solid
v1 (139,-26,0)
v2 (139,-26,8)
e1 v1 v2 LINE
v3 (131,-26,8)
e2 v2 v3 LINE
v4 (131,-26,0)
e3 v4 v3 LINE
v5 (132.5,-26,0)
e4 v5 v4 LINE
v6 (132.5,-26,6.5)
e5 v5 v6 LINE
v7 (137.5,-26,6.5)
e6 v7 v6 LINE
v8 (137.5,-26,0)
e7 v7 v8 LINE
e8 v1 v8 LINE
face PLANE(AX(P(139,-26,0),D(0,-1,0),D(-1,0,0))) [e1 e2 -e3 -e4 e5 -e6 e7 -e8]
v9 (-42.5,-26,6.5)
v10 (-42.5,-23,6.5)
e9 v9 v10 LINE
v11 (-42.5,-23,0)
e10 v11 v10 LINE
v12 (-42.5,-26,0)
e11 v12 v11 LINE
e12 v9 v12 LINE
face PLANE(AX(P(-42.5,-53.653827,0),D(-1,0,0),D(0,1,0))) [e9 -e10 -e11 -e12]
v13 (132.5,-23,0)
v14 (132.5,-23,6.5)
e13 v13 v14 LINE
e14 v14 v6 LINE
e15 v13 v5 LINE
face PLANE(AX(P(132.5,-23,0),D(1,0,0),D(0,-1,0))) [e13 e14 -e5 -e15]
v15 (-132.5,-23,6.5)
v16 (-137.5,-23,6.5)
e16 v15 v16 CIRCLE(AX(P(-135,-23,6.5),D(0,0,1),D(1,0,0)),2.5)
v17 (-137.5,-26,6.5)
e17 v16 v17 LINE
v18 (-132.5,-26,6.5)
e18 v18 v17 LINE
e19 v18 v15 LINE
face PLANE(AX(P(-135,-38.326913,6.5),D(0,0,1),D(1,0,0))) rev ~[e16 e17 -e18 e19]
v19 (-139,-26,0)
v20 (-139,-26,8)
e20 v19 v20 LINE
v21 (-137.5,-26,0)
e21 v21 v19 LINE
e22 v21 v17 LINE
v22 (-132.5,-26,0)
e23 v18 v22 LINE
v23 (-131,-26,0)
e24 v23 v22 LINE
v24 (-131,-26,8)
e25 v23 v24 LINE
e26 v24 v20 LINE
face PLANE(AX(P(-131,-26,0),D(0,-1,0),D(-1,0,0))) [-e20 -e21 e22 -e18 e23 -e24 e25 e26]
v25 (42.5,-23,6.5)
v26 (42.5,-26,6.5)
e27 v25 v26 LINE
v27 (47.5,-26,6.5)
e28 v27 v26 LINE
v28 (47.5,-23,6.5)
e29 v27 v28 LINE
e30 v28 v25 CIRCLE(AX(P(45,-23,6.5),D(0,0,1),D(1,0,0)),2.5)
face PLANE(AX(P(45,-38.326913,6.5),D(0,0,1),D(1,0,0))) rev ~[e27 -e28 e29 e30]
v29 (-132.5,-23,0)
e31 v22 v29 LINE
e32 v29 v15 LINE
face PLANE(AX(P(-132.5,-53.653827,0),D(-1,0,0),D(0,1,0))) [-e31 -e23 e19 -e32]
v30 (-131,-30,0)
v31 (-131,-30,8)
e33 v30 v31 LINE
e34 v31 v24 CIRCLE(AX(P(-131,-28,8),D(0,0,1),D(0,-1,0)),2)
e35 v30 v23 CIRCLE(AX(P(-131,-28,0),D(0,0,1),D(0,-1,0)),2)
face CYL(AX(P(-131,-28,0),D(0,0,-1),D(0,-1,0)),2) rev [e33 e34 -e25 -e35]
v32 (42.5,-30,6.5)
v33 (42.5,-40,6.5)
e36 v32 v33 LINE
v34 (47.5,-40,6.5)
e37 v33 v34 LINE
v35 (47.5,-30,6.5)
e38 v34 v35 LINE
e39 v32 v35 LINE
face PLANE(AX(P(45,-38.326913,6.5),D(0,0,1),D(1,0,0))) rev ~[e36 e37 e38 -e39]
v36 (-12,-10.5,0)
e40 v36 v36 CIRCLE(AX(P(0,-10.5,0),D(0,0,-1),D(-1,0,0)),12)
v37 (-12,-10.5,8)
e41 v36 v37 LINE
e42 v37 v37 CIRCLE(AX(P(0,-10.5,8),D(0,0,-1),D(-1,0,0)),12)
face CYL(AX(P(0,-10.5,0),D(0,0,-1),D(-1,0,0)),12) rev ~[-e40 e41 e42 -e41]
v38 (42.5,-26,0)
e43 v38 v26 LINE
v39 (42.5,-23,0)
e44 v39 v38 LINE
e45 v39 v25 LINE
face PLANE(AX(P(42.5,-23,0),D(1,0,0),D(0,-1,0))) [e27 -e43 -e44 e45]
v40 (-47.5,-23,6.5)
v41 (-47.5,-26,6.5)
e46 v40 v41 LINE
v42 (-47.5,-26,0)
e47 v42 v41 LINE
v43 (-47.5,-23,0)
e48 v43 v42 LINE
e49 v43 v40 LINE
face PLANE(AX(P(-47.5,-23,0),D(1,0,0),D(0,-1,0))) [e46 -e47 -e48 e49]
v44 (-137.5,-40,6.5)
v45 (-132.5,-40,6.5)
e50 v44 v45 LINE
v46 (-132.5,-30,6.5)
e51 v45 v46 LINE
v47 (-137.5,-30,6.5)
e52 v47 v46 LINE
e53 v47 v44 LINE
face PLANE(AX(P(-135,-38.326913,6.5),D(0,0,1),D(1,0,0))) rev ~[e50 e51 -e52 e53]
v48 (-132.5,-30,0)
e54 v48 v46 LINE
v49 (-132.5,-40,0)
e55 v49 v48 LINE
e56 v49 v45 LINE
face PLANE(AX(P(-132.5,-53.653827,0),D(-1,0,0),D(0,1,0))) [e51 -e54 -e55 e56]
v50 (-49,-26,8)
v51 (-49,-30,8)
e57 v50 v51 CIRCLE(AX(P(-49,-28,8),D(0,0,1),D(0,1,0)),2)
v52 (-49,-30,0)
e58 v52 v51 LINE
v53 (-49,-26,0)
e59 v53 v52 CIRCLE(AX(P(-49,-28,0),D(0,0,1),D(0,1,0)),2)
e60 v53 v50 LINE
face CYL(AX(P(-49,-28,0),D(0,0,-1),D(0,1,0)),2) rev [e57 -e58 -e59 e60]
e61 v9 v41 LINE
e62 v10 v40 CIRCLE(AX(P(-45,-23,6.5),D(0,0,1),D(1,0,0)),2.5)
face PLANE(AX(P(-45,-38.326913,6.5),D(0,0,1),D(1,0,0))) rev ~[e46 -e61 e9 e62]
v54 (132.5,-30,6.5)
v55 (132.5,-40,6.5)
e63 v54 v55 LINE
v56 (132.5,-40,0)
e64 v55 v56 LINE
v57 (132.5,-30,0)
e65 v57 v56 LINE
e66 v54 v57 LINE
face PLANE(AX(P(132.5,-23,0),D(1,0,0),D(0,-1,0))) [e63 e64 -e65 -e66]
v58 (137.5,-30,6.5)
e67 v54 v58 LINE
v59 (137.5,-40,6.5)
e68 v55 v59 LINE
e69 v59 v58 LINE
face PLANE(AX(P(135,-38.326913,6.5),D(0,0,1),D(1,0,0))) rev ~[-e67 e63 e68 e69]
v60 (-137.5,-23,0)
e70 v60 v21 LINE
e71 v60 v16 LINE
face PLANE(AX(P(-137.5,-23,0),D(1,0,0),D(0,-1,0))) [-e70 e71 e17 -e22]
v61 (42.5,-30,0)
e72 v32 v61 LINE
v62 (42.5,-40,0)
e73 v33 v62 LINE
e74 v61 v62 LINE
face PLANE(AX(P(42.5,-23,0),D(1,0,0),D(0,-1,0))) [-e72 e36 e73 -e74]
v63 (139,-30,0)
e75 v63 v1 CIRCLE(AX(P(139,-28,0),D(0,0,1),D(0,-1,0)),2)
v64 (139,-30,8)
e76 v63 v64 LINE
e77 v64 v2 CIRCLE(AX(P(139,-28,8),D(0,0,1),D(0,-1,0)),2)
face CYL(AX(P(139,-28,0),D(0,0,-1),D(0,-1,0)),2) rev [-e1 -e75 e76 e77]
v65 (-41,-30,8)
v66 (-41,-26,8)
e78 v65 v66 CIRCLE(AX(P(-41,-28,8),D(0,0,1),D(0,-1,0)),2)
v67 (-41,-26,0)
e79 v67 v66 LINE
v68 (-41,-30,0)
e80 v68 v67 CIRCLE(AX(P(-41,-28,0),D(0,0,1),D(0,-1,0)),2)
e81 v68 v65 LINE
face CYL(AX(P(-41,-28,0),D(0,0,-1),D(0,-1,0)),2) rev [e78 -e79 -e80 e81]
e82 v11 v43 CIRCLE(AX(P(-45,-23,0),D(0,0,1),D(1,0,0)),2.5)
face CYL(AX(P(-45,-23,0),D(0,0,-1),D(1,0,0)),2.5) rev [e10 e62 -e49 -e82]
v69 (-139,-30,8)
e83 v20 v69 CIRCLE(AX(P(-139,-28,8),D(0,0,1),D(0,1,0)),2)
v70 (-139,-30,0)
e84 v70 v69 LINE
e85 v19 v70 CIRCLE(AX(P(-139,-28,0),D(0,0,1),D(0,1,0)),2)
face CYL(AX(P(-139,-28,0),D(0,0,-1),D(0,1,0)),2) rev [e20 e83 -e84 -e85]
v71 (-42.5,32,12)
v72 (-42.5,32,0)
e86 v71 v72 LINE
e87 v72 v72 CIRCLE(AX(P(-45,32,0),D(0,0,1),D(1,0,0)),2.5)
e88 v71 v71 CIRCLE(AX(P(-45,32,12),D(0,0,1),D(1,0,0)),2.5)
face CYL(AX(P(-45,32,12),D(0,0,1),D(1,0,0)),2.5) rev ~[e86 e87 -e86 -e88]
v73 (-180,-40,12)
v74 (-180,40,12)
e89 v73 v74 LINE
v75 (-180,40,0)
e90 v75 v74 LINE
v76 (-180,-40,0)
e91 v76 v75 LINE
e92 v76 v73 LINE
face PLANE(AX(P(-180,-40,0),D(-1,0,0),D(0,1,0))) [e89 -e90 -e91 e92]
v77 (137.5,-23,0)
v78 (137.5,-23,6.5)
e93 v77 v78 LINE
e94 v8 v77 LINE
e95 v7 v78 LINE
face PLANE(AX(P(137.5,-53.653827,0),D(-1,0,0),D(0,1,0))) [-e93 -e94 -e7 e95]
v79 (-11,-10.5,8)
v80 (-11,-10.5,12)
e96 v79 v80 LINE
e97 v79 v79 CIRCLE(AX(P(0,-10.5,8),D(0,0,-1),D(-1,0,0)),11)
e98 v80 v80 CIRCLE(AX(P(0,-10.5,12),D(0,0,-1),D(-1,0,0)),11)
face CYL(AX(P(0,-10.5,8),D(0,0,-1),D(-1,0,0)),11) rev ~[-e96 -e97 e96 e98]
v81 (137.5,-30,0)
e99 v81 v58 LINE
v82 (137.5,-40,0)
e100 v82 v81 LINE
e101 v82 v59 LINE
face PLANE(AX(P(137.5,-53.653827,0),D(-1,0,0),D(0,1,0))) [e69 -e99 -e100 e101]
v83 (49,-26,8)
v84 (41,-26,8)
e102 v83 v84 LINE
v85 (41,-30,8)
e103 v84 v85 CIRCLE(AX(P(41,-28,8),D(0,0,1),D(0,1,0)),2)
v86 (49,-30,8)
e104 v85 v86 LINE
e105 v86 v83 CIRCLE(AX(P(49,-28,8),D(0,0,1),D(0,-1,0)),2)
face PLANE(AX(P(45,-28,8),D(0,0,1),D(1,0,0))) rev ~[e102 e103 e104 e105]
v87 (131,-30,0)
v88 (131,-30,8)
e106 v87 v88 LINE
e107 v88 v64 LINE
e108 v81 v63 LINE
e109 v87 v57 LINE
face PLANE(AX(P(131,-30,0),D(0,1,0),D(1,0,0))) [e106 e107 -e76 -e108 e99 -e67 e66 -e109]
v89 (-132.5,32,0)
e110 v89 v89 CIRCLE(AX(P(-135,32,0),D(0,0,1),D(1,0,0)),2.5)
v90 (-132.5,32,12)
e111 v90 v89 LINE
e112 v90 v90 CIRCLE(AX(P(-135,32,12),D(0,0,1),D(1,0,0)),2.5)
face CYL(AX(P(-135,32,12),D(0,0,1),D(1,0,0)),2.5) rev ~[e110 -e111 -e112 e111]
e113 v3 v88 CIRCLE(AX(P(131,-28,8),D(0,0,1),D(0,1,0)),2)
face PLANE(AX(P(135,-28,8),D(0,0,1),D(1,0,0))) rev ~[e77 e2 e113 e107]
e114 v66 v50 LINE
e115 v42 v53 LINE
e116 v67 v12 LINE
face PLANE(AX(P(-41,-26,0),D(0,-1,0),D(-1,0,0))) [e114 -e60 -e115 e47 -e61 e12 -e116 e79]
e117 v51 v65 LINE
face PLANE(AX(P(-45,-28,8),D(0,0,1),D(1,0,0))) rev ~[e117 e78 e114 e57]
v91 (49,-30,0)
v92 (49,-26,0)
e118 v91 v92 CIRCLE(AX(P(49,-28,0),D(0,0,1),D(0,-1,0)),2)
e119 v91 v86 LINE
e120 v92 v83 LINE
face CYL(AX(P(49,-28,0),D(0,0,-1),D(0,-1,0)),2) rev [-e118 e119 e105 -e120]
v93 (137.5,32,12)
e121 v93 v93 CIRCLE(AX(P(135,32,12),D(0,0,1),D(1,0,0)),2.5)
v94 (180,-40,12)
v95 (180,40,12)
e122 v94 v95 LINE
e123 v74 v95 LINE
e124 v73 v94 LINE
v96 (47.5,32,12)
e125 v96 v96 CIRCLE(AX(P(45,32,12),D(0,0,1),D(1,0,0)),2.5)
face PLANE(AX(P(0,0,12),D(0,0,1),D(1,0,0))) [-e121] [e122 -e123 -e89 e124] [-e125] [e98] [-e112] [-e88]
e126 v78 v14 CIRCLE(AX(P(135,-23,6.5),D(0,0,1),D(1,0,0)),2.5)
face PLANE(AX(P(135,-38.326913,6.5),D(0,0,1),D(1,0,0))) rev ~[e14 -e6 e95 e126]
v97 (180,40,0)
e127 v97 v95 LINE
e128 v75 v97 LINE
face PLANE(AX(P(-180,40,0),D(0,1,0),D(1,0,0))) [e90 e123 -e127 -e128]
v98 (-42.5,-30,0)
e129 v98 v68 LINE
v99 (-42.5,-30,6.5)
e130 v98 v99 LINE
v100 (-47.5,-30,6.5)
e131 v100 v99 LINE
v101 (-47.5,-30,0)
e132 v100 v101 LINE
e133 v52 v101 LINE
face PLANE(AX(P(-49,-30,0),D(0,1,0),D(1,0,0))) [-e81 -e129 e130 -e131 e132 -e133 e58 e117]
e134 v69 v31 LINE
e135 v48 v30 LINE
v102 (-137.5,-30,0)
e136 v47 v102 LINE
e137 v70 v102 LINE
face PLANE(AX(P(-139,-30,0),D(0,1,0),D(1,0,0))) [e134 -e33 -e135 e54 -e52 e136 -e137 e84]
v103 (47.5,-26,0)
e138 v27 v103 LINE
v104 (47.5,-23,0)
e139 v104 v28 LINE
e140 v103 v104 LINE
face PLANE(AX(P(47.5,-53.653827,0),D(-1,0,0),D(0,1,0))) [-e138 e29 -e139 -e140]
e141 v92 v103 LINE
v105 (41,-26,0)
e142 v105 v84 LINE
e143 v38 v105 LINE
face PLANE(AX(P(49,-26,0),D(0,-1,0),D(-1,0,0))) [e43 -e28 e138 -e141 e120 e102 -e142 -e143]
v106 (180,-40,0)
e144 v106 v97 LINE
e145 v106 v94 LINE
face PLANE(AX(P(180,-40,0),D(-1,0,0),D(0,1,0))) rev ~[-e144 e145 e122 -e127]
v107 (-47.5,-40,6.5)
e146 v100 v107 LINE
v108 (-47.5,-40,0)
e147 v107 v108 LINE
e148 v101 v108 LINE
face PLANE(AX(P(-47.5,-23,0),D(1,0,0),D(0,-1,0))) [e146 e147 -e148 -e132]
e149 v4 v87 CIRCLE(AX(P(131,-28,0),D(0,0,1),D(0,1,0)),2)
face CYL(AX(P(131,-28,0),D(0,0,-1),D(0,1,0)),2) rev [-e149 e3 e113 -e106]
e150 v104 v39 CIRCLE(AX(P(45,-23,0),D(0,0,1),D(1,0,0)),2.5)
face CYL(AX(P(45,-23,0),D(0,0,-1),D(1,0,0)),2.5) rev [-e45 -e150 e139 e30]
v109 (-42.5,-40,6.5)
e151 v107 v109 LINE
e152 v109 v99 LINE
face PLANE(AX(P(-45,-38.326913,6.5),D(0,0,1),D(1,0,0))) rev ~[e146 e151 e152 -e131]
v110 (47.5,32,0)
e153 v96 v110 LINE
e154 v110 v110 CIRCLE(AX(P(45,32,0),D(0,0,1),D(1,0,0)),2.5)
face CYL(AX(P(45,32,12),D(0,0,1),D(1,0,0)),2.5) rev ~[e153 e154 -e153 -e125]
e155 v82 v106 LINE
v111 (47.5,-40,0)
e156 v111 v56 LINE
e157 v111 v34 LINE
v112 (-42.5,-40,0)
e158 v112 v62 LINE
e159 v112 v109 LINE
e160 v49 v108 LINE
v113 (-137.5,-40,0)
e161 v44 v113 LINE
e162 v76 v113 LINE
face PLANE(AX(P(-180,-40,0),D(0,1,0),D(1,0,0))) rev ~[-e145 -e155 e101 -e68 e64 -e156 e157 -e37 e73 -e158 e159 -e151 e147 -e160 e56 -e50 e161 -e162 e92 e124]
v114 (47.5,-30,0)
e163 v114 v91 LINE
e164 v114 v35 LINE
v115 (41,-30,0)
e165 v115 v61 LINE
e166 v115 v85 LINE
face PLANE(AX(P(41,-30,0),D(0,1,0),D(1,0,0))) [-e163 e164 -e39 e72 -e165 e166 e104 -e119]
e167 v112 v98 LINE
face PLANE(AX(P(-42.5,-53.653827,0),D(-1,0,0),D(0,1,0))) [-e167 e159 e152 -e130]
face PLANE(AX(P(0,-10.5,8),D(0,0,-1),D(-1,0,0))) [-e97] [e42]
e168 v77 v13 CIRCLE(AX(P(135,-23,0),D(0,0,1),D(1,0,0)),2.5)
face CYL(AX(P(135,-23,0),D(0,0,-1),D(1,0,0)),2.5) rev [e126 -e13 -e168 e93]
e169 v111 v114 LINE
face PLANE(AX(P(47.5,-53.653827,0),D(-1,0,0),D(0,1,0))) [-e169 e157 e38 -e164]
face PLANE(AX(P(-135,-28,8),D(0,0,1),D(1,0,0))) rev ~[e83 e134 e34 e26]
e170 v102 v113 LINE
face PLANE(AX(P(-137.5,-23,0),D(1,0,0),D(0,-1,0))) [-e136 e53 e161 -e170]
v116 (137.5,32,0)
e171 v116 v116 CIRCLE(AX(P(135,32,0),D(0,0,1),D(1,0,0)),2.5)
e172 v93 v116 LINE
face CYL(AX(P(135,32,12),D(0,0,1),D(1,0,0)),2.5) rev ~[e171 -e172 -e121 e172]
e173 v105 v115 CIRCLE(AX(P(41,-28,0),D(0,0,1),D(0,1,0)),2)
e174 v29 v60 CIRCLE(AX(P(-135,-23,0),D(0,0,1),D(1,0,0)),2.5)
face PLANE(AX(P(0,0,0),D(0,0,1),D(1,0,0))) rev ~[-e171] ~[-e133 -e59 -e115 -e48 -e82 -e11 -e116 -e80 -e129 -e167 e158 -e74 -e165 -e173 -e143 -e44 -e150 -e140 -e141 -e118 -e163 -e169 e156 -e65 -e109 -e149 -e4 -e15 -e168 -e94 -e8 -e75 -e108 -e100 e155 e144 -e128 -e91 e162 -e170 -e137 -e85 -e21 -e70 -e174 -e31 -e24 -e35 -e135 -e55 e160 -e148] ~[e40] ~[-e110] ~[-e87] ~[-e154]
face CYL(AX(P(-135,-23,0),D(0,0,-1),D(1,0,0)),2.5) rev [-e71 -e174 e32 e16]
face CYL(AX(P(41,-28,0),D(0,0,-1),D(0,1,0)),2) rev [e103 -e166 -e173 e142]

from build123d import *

# Parameters (mm, degrees)
SKETCH1_W           = 360
SKETCH1_H           = 80
BOSS_EXTRUDE1_DEPTH = 12
CUT_EXTRUDE1_REACH  = 186.781
SKETCH2_R           = 2.5
CUT_EXTRUDE2_DEPTH  = 8
CUT_EXTRUDE3_DEPTH  = 6.5
LPATTERN1_COUNT     = 4
LPATTERN1_PITCH     = 90
SKETCH7_R           = 12
CUT_EXTRUDE4_DEPTH  = 8
CUT_EXTRUDE5_REACH  = 186.564
SKETCH8_R           = 11


with BuildPart() as part:
    # Sketch1 → Boss-Extrude1 (new body)
    with BuildSketch(Plane.XY):
        Rectangle(SKETCH1_W, SKETCH1_H)
    extrude(amount=BOSS_EXTRUDE1_DEPTH)

    # Sketch2 → Cut-Extrude1 (cut, up to next)
    with BuildSketch(Plane.XY.offset(12), mode=Mode.PRIVATE) as cut_extrude1_sk1:
        with Locations((-135, 32)):
            Circle(SKETCH2_R)
    cut_extrude1_tool1 = extrude(cut_extrude1_sk1.sketch, amount=-CUT_EXTRUDE1_REACH, mode=Mode.PRIVATE) & part.part
    cut_extrude1 = cut_extrude1_tool1.solids().sort_by_distance((-135, 32, 12))[0]
    add(cut_extrude1, mode=Mode.SUBTRACT)

    # Sketch4 → Cut-Extrude2 (cut)
    with BuildSketch(Plane(origin=(-23.391380574, 111.176150639, 0), x_dir=(-1, 0, 0), z_dir=(0, 0, -1))):
        with BuildLine():
            Line((107.608619426, -137.176150639), (115.608619426, -137.176150639))
            ThreePointArc((115.608619426, -137.176150639), (117.608619426, -139.176150639), (115.608619426, -141.176150639))
            Line((115.608619426, -141.176150639), (107.608619426, -141.176150639))
            ThreePointArc((107.608619426, -141.176150639), (105.608619426, -139.176150639), (107.608619426, -137.176150639))
        make_face()
    cut_extrude2 = extrude(amount=-CUT_EXTRUDE2_DEPTH, mode=Mode.SUBTRACT)

    # Sketch6 → Cut-Extrude3 (cut)
    with BuildSketch(Plane(origin=(-23.391380574, 111.176150639, 0), x_dir=(-1, 0, 0), z_dir=(0, 0, -1))):
        with BuildLine():
            Line((114.108619426, -134.176150639), (114.108619426, -164.82997736))
            ThreePointArc((114.108619426, -164.82997736), (111.608619426, -167.32997736), (109.108619426, -164.82997736))
            Line((109.108619426, -164.82997736), (109.108619426, -134.176150639))
            ThreePointArc((109.108619426, -134.176150639), (111.608619426, -131.676150639), (114.108619426, -134.176150639))
        make_face()
    cut_extrude3 = extrude(amount=-CUT_EXTRUDE3_DEPTH, mode=Mode.SUBTRACT)

    # LPattern1: Cut-Extrude1, Cut-Extrude2, Cut-Extrude3 ×4
    with Locations(*[(i * LPATTERN1_PITCH, 0, 0) for i in range(1, LPATTERN1_COUNT)]):
        add(cut_extrude1, mode=Mode.SUBTRACT)
        add(cut_extrude2, mode=Mode.SUBTRACT)
        add(cut_extrude3, mode=Mode.SUBTRACT)

    # Sketch7 → Cut-Extrude4 (cut)
    with BuildSketch(Plane(origin=(0, 0, 0), x_dir=(-1, 0, 0), z_dir=(0, 0, -1))):
        with Locations((0, -10.5)):
            Circle(SKETCH7_R)
    extrude(amount=-CUT_EXTRUDE4_DEPTH, mode=Mode.SUBTRACT)

    # Sketch8 → Cut-Extrude5 (cut, up to next)
    with BuildSketch(Plane(origin=(0, 0, 8), x_dir=(-1, 0, 0), z_dir=(0, 0, -1)), mode=Mode.PRIVATE) as cut_extrude5_sk1:
        with Locations((0, -10.5)):
            Circle(SKETCH8_R)
    cut_extrude5_tool1 = extrude(cut_extrude5_sk1.sketch, amount=-CUT_EXTRUDE5_REACH, mode=Mode.PRIVATE) & part.part
    add(cut_extrude5_tool1.solids().sort_by_distance((0, -10.5, 8))[0], mode=Mode.SUBTRACT)


solid = part.part
